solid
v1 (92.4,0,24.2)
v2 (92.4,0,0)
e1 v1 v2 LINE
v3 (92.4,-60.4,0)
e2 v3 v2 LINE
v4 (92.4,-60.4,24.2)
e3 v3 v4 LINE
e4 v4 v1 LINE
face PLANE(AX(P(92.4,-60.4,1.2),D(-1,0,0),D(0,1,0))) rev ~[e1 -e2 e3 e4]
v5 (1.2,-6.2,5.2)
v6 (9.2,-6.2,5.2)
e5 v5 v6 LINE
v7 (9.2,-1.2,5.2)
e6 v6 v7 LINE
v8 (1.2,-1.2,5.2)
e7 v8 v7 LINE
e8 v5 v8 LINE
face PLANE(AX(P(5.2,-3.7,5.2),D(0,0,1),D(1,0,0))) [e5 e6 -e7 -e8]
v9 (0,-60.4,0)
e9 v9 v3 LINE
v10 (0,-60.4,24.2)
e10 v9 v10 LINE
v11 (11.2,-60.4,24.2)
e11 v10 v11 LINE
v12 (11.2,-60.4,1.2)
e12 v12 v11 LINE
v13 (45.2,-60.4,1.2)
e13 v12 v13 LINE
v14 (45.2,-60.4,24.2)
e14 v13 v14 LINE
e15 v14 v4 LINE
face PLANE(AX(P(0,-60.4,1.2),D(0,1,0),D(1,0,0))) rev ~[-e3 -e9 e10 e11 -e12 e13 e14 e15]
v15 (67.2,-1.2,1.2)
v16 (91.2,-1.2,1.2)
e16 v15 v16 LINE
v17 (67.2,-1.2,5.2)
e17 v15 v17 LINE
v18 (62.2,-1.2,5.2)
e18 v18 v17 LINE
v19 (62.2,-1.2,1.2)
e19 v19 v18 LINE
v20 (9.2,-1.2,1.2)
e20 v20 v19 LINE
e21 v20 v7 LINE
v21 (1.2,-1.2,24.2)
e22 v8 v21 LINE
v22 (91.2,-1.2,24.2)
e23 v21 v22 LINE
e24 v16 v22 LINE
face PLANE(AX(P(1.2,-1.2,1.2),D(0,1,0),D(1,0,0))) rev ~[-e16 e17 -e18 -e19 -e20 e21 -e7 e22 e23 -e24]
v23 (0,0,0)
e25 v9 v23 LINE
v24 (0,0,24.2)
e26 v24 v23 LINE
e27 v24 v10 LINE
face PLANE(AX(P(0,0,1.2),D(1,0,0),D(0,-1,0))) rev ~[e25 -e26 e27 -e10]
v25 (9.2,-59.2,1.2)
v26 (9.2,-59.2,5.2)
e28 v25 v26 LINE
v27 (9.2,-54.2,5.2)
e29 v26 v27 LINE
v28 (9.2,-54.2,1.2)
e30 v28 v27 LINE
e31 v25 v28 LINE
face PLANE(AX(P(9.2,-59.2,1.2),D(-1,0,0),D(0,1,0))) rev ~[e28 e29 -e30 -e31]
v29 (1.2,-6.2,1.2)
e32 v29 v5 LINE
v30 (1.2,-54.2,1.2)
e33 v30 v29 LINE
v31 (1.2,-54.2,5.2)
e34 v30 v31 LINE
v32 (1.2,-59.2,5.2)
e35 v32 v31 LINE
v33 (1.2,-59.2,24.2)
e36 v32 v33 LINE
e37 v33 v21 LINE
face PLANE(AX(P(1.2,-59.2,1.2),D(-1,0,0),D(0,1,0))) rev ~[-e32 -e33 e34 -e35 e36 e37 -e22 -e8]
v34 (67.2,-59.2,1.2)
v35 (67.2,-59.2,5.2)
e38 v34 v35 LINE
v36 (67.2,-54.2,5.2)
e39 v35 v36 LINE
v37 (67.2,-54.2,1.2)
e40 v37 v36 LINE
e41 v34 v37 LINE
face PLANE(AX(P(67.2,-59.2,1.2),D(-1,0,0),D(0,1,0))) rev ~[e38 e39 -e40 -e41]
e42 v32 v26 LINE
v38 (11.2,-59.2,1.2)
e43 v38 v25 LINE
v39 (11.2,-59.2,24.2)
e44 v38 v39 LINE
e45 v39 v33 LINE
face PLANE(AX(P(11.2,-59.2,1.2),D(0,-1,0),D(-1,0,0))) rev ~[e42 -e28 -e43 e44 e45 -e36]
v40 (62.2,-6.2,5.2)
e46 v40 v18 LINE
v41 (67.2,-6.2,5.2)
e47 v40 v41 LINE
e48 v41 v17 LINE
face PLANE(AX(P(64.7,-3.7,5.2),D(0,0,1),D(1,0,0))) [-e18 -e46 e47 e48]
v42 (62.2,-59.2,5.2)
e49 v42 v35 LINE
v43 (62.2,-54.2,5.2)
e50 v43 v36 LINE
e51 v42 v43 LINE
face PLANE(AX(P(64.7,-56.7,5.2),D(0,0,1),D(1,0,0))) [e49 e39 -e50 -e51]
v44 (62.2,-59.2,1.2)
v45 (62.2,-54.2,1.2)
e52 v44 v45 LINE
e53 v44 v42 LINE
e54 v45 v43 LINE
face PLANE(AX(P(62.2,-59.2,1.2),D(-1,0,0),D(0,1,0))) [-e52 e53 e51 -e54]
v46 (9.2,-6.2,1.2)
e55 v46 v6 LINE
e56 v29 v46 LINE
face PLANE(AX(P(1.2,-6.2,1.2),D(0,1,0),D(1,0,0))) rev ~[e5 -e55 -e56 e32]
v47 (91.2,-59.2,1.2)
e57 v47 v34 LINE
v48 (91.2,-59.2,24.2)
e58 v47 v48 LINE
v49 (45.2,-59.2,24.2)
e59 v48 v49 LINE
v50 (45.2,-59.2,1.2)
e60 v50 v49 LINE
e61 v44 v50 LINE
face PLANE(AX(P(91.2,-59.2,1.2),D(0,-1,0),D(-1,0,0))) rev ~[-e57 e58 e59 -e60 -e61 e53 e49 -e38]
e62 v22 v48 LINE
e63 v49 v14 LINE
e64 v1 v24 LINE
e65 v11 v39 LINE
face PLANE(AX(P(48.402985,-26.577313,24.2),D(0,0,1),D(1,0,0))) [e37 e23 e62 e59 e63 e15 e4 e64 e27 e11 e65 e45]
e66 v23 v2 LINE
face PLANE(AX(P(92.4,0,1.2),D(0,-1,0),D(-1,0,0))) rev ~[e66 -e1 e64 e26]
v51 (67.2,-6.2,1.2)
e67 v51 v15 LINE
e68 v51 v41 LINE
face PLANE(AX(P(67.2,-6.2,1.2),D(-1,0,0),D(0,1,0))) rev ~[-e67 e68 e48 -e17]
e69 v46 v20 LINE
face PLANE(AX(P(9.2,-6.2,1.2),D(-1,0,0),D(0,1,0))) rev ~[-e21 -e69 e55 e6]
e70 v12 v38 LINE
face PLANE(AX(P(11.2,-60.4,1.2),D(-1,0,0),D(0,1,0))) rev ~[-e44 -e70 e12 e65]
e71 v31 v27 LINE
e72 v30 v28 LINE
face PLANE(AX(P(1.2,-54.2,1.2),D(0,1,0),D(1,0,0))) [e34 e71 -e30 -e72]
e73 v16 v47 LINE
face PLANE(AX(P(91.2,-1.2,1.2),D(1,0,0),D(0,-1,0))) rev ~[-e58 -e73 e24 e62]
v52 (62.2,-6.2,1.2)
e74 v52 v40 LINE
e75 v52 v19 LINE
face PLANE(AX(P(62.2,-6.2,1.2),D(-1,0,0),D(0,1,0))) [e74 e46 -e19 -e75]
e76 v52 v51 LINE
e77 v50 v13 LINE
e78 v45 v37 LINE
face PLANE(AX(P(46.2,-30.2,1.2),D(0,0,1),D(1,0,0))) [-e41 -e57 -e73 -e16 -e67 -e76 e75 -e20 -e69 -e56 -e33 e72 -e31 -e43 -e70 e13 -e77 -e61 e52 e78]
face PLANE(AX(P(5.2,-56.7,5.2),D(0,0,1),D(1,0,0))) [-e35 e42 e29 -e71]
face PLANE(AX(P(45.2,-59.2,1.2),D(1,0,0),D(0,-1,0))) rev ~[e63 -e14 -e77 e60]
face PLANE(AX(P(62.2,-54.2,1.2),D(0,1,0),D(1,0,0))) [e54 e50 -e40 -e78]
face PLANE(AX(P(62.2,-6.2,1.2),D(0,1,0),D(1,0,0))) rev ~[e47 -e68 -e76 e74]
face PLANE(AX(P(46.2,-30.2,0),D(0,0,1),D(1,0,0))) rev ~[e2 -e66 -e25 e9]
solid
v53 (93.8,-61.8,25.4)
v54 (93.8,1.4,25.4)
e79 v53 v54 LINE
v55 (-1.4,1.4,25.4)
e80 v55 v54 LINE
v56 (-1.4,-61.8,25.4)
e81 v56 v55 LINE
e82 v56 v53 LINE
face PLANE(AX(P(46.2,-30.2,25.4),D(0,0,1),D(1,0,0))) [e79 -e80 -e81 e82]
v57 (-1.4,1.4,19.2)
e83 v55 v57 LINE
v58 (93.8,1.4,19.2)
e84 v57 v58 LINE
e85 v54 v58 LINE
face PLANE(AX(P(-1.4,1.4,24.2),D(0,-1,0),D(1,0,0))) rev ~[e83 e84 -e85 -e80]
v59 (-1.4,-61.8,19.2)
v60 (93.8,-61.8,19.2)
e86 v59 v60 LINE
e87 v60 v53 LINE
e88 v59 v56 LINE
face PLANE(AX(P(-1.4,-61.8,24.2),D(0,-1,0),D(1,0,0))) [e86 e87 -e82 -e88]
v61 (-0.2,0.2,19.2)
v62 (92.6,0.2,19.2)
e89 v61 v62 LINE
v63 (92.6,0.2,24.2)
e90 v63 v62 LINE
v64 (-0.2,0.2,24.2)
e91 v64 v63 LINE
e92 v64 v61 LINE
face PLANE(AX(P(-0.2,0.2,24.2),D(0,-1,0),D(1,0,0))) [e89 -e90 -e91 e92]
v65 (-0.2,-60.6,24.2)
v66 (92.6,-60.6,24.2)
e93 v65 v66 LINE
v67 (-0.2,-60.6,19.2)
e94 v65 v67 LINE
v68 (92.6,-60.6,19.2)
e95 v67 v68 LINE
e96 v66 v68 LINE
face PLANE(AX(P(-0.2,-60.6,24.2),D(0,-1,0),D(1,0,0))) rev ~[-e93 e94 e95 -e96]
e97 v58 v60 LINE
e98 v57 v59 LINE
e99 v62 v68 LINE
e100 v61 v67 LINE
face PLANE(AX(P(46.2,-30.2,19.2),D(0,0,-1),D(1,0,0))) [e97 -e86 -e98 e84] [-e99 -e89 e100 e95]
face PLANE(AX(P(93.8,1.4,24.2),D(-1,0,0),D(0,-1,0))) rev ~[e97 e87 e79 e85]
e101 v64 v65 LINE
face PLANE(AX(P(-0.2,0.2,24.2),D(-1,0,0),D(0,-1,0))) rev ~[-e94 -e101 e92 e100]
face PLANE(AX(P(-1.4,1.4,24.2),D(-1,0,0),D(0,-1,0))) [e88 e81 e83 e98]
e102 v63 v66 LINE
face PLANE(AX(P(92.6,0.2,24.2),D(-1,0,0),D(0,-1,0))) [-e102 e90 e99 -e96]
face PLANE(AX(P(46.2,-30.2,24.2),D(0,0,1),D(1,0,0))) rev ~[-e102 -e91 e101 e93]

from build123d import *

# Parameters (mm, degrees)
F0_W     = 92.4
F0_H     = 60.4
F1_DEPTH = 1.2
F3_DEPTH = 23
F4_W     = 8
F4_H     = 5
F4_W_2   = 5
F5_DEPTH = 4
F6_W     = 95.2
F6_H     = 63.2
F7_DEPTH = 1.2
F8_W     = 95.2
F8_H     = 63.2
F8_W_2   = 92.8
F8_H_2   = 60.8
F9_DEPTH = 5


with BuildPart() as f1:
    # F0 (on Top) → F1 (new body)
    with BuildSketch(Plane.XY):
        with Locations((46.2, -30.2)):
            Rectangle(F0_W, F0_H)
    extrude(amount=F1_DEPTH)

    # F2 (on face) → F3 (join)
    with BuildSketch(Plane.XY.offset(1.2)):
        Polygon((0, 0), (0, -60.4), (11.2, -60.4), (11.2, -59.2), (1.2, -59.2), (1.2, -1.2), (91.2, -1.2), (91.2, -59.2), (45.2, -59.2), (45.2, -60.4), (92.4, -60.4), (92.4, 0), align=None)
    extrude(amount=F3_DEPTH)

    # F4 (on face) → F5 (join)
    with BuildSketch(Plane.XY.offset(1.2)):
        with Locations((5.2, -3.7)):
            Rectangle(F4_W, F4_H)
        with Locations((5.2, -56.7)):
            Rectangle(F4_W, F4_H)
        with Locations((64.7, -56.7)):
            Rectangle(F4_W_2, F4_H)
        with Locations((64.7, -3.7)):
            Rectangle(F4_W_2, F4_H)
    extrude(amount=F5_DEPTH)


with BuildPart() as f7:
    # F6 (on face) → F7 (new body)
    with BuildSketch(Plane.XY.offset(24.2)):
        with Locations((46.2, -30.2)):
            Rectangle(F6_W, F6_H)
    extrude(amount=F7_DEPTH)

    # F8 (on face) → F9 (join)
    with BuildSketch(Plane(origin=(0, 0, 24.2), x_dir=(1, 0, 0), z_dir=(0, 0, -1))):
        with Locations((46.2, 30.2)):
            Rectangle(F8_W, F8_H)
        with Locations((46.2, 30.2)):
            Rectangle(F8_W_2, F8_H_2, mode=Mode.SUBTRACT)
    extrude(amount=F9_DEPTH)


solid = Compound([f1.part, f7.part])
